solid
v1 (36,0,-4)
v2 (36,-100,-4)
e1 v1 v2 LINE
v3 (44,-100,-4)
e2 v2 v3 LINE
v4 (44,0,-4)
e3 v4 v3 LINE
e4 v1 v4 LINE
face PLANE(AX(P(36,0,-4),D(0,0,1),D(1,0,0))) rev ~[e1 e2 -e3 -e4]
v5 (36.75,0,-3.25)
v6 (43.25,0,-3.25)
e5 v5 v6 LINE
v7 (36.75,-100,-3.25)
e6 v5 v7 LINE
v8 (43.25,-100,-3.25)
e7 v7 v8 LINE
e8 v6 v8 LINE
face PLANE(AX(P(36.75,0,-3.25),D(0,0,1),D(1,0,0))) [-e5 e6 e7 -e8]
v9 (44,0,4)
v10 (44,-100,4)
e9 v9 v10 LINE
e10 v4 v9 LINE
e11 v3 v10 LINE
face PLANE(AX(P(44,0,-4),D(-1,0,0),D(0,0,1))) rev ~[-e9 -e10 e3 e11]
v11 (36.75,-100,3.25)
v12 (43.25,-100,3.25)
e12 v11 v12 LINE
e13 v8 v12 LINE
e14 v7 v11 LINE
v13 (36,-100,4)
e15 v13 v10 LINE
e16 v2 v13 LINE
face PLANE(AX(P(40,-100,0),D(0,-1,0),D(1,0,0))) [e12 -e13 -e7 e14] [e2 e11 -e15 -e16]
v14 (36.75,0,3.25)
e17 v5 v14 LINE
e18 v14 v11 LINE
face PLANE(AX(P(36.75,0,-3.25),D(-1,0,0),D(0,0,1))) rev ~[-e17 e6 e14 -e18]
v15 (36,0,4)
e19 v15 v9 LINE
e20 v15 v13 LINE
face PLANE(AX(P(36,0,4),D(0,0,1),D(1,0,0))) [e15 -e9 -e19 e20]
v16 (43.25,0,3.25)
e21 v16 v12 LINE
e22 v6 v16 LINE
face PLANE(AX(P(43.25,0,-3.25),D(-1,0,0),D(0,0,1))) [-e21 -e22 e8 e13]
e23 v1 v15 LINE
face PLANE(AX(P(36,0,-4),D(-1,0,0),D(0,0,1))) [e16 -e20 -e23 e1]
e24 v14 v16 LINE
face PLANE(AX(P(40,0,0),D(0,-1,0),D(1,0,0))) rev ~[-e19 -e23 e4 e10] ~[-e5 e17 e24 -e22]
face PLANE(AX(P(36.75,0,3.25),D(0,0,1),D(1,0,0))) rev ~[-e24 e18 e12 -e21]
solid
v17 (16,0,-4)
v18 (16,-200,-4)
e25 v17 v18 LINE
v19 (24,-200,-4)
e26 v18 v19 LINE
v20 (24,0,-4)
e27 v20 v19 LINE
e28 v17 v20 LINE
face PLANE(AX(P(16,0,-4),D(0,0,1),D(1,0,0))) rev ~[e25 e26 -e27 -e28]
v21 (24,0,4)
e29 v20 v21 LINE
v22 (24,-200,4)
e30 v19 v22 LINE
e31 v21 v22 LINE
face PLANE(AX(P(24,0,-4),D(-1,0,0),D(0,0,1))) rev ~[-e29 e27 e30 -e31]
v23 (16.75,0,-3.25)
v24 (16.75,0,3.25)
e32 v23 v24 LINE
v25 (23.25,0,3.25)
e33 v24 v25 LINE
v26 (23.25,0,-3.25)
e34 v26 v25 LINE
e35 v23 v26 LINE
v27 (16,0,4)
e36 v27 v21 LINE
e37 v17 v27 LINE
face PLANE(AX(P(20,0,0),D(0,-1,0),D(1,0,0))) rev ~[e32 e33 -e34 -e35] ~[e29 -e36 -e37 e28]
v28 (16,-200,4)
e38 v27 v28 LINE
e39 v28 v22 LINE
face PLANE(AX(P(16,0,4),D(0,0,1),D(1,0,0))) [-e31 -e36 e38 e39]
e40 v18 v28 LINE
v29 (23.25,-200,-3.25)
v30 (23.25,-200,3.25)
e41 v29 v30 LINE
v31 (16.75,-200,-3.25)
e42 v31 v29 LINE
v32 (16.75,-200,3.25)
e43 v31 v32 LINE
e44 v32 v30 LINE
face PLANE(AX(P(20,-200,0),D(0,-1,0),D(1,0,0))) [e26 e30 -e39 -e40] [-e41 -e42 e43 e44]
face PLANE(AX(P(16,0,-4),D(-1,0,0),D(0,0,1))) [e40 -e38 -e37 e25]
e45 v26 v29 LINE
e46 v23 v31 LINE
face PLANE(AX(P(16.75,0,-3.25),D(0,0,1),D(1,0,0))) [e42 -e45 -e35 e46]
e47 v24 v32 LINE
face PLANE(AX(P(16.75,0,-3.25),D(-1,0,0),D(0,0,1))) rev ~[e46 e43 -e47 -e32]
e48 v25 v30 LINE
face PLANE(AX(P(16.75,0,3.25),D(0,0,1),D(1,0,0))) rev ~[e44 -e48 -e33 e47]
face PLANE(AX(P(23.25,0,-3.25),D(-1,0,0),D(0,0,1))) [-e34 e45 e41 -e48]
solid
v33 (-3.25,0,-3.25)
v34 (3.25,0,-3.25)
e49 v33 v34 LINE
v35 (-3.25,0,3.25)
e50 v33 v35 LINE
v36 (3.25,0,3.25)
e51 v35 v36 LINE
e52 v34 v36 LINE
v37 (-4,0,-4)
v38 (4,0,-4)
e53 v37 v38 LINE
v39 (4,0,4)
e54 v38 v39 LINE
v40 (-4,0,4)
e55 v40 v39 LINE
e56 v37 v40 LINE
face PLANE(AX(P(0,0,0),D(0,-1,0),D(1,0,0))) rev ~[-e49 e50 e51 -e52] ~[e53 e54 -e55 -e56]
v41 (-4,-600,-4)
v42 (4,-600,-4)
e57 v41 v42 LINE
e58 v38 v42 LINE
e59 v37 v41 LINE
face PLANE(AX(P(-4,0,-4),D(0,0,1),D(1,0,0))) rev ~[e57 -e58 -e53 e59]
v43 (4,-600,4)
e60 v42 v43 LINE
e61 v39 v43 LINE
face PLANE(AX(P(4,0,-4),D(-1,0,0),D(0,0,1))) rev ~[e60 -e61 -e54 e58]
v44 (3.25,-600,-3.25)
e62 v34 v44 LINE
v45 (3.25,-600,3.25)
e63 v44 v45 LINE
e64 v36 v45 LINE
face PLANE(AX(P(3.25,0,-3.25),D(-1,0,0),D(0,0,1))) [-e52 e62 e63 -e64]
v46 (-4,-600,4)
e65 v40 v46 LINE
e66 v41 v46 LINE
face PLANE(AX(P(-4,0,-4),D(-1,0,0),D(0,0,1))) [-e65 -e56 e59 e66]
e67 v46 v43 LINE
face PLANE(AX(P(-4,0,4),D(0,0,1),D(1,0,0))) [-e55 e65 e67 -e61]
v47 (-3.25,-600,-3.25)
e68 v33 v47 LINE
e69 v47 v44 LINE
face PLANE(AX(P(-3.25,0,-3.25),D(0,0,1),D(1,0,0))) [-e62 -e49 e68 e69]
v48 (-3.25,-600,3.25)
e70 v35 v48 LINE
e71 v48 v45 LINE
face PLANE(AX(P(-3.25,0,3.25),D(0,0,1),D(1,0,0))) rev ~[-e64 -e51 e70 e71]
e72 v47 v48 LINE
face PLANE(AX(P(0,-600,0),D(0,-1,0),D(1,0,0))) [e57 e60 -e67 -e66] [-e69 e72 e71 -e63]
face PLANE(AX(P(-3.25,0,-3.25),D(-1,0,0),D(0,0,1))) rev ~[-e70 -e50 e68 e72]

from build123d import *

# Parameters (mm, degrees)
F0_W     = 8
F0_H     = 8
F0_W_2   = 6.5
F0_H_2   = 6.5
F1_DEPTH = 600
F2_W     = 8
F2_H     = 8
F2_W_2   = 6.5
F2_H_2   = 6.5
F3_DEPTH = 200
F4_W     = 8
F4_H     = 8
F4_W_2   = 6.5
F4_H_2   = 6.5
F5_DEPTH = 100


with BuildPart() as f1:
    # F0 (on Front) → F1 (new body)
    with BuildSketch(Plane.XZ):
        Rectangle(F0_W, F0_H)
        Rectangle(F0_W_2, F0_H_2, mode=Mode.SUBTRACT)
    extrude(amount=F1_DEPTH)


with BuildPart() as f3:
    # F2 (on Front) → F3 (new body)
    with BuildSketch(Plane.XZ):
        with Locations((20, 0)):
            Rectangle(F2_W, F2_H)
        with Locations((20, 0)):
            Rectangle(F2_W_2, F2_H_2, mode=Mode.SUBTRACT)
    extrude(amount=F3_DEPTH)


with BuildPart() as f5:
    # F4 (on Front) → F5 (new body)
    with BuildSketch(Plane.XZ):
        with Locations((40, 0)):
            Rectangle(F4_W, F4_H)
        with Locations((40, 0)):
            Rectangle(F4_W_2, F4_H_2, mode=Mode.SUBTRACT)
    extrude(amount=F5_DEPTH)


solid = Compound([f1.part, f3.part, f5.part])
